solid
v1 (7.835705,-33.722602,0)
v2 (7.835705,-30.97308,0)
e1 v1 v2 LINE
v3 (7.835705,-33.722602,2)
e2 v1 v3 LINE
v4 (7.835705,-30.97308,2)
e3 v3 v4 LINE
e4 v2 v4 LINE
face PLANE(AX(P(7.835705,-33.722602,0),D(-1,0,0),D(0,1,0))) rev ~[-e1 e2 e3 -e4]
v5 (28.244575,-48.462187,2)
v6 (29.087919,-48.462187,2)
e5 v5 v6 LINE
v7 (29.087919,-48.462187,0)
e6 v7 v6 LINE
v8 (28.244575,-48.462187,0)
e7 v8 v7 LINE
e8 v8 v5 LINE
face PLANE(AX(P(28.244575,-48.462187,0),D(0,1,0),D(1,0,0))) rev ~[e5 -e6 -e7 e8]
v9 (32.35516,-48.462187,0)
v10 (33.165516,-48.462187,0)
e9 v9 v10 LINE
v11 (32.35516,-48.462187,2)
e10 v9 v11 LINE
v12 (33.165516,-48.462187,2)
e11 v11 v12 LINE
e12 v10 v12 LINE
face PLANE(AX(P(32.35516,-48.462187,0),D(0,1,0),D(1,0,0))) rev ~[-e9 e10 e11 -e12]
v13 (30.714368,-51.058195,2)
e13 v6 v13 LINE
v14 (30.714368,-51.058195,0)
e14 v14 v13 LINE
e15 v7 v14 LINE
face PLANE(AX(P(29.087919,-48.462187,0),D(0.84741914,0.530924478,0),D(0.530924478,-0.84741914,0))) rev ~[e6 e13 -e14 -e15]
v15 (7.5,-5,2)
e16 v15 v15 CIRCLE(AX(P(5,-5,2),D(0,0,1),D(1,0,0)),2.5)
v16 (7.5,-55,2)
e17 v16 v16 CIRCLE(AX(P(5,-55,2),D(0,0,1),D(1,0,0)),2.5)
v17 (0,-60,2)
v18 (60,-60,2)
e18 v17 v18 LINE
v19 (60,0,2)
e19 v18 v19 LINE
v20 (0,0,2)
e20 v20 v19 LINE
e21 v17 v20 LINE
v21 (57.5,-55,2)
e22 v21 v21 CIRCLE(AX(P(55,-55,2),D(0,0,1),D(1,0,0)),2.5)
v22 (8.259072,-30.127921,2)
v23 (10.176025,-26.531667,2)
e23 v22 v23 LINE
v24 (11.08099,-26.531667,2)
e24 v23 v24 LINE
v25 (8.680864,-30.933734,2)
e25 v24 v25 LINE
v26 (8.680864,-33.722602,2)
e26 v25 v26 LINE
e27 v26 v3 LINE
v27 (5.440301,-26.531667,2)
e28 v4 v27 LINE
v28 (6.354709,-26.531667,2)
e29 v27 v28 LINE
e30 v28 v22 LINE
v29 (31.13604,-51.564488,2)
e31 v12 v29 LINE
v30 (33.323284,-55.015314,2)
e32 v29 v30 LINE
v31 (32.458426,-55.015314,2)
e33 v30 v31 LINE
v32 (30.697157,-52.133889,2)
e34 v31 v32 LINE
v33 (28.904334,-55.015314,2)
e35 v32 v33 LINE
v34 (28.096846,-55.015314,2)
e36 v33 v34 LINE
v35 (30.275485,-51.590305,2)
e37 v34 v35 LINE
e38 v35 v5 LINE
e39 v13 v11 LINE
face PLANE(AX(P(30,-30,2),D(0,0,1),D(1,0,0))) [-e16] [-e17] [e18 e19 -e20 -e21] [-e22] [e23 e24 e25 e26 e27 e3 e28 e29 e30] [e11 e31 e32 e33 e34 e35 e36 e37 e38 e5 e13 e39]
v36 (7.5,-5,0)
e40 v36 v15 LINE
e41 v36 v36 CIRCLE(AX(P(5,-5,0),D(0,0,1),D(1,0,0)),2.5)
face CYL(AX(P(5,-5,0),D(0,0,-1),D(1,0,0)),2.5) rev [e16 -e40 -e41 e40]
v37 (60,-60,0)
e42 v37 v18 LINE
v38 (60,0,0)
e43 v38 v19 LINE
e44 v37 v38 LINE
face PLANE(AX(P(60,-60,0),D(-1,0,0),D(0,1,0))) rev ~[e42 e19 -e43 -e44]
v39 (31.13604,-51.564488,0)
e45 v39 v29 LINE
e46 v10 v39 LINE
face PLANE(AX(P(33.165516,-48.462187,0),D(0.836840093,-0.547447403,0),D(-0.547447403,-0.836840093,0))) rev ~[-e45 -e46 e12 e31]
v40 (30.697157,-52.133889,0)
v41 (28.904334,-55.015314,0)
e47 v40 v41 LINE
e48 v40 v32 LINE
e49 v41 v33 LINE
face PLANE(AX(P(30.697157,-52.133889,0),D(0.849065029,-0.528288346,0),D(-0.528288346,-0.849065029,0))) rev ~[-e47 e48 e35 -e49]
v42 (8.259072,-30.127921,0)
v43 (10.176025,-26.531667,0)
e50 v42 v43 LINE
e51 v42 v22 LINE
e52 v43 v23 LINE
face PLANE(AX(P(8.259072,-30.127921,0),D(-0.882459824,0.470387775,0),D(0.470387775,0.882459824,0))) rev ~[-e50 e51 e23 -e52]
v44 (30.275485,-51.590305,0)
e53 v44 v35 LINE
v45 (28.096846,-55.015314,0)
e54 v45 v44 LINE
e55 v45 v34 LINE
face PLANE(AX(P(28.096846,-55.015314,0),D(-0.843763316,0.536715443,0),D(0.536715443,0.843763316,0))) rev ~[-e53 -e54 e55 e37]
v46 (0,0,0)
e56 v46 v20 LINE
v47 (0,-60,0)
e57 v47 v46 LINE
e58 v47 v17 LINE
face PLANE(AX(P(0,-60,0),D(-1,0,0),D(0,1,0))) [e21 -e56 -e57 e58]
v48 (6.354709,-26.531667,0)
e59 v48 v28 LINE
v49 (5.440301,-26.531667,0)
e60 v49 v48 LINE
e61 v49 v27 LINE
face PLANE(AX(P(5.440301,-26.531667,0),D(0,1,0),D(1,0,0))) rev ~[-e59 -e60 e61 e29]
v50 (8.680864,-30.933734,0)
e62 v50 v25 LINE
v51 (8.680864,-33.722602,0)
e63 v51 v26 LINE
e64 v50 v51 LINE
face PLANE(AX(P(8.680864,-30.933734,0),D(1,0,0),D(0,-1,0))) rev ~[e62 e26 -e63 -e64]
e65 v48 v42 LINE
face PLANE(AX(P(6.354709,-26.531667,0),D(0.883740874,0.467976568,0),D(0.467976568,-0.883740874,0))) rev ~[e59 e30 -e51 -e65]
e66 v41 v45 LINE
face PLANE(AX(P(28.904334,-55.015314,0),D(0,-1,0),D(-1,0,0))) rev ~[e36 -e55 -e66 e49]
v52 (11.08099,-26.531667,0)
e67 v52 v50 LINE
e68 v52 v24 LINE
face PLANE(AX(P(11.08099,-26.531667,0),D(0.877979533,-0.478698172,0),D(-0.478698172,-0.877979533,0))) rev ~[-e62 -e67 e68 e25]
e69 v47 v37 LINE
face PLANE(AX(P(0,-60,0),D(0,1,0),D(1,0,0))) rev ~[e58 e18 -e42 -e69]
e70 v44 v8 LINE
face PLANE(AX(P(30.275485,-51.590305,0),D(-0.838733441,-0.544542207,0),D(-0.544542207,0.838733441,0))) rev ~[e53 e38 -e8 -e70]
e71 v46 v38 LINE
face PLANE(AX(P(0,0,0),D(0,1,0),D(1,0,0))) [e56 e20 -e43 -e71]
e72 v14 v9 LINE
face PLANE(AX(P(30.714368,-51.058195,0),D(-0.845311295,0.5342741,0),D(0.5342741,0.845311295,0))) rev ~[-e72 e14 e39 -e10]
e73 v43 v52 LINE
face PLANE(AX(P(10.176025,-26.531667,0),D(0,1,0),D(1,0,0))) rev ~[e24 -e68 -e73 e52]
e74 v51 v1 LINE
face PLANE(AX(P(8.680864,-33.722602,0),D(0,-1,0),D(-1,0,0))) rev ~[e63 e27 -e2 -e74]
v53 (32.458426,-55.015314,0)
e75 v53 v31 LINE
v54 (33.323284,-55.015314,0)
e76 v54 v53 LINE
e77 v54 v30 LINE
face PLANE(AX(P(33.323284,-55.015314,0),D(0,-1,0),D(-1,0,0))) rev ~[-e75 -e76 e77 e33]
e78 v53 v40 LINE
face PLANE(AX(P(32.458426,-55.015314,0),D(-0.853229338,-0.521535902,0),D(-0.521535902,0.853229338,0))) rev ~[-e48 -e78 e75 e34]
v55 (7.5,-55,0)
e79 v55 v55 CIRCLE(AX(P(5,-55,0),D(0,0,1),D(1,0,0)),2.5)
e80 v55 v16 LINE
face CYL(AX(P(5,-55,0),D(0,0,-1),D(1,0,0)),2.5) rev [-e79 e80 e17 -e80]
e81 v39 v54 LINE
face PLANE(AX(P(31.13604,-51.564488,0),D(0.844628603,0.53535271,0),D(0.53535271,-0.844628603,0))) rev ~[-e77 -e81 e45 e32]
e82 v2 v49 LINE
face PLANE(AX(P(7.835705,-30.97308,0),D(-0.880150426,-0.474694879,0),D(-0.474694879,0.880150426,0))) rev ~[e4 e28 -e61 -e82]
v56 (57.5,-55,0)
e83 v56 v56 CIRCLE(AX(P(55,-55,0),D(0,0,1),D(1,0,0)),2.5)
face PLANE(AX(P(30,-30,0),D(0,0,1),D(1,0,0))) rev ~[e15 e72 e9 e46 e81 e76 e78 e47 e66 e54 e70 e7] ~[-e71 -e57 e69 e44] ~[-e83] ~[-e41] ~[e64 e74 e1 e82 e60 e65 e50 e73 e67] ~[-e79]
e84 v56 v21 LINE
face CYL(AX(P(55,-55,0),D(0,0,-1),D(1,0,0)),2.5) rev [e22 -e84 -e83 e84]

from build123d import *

# Parameters (mm, degrees)
F0_W     = 60
F0_H     = 60
F0_R     = 2.5
F1_DEPTH = 2


with BuildPart() as f1:
    # F0 (on Top) → F1 (new body)
    with BuildSketch(Plane.XY):
        with Locations((30, -30)):
            Rectangle(F0_W, F0_H)
        with Locations((5, -55)):
            Circle(F0_R, mode=Mode.SUBTRACT)
        Polygon((6.3547094441, -26.5316670423), (8.2590716884, -30.1279213632), (10.1760247574, -26.5316670423), (11.0809902868, -26.5316670423), (8.6808643177, -30.9337341476), (8.6808643177, -33.722601831), (7.835705206, -33.722601831), (7.835705206, -30.9730804749), (5.4403007962, -26.5316670423), align=None, mode=Mode.SUBTRACT)
        Polygon((31.1360398773, -51.5644881962), (33.3232842313, -55.0153143704), (32.4584262999, -55.0153143704), (30.6971567479, -52.1338888575), (28.9043335069, -55.0153143704), (28.0968459192, -55.0153143704), (30.2754847216, -51.5903048508), (28.2445745543, -48.46218686), (29.0879186068, -48.46218686), (30.714367851, -51.0581949129), (32.3551596812, -48.46218686), (33.1655157861, -48.46218686), align=None, mode=Mode.SUBTRACT)
        with Locations((55, -55)):
            Circle(F0_R, mode=Mode.SUBTRACT)
        with Locations((5, -5)):
            Circle(F0_R, mode=Mode.SUBTRACT)
    extrude(amount=F1_DEPTH)


solid = f1.part
